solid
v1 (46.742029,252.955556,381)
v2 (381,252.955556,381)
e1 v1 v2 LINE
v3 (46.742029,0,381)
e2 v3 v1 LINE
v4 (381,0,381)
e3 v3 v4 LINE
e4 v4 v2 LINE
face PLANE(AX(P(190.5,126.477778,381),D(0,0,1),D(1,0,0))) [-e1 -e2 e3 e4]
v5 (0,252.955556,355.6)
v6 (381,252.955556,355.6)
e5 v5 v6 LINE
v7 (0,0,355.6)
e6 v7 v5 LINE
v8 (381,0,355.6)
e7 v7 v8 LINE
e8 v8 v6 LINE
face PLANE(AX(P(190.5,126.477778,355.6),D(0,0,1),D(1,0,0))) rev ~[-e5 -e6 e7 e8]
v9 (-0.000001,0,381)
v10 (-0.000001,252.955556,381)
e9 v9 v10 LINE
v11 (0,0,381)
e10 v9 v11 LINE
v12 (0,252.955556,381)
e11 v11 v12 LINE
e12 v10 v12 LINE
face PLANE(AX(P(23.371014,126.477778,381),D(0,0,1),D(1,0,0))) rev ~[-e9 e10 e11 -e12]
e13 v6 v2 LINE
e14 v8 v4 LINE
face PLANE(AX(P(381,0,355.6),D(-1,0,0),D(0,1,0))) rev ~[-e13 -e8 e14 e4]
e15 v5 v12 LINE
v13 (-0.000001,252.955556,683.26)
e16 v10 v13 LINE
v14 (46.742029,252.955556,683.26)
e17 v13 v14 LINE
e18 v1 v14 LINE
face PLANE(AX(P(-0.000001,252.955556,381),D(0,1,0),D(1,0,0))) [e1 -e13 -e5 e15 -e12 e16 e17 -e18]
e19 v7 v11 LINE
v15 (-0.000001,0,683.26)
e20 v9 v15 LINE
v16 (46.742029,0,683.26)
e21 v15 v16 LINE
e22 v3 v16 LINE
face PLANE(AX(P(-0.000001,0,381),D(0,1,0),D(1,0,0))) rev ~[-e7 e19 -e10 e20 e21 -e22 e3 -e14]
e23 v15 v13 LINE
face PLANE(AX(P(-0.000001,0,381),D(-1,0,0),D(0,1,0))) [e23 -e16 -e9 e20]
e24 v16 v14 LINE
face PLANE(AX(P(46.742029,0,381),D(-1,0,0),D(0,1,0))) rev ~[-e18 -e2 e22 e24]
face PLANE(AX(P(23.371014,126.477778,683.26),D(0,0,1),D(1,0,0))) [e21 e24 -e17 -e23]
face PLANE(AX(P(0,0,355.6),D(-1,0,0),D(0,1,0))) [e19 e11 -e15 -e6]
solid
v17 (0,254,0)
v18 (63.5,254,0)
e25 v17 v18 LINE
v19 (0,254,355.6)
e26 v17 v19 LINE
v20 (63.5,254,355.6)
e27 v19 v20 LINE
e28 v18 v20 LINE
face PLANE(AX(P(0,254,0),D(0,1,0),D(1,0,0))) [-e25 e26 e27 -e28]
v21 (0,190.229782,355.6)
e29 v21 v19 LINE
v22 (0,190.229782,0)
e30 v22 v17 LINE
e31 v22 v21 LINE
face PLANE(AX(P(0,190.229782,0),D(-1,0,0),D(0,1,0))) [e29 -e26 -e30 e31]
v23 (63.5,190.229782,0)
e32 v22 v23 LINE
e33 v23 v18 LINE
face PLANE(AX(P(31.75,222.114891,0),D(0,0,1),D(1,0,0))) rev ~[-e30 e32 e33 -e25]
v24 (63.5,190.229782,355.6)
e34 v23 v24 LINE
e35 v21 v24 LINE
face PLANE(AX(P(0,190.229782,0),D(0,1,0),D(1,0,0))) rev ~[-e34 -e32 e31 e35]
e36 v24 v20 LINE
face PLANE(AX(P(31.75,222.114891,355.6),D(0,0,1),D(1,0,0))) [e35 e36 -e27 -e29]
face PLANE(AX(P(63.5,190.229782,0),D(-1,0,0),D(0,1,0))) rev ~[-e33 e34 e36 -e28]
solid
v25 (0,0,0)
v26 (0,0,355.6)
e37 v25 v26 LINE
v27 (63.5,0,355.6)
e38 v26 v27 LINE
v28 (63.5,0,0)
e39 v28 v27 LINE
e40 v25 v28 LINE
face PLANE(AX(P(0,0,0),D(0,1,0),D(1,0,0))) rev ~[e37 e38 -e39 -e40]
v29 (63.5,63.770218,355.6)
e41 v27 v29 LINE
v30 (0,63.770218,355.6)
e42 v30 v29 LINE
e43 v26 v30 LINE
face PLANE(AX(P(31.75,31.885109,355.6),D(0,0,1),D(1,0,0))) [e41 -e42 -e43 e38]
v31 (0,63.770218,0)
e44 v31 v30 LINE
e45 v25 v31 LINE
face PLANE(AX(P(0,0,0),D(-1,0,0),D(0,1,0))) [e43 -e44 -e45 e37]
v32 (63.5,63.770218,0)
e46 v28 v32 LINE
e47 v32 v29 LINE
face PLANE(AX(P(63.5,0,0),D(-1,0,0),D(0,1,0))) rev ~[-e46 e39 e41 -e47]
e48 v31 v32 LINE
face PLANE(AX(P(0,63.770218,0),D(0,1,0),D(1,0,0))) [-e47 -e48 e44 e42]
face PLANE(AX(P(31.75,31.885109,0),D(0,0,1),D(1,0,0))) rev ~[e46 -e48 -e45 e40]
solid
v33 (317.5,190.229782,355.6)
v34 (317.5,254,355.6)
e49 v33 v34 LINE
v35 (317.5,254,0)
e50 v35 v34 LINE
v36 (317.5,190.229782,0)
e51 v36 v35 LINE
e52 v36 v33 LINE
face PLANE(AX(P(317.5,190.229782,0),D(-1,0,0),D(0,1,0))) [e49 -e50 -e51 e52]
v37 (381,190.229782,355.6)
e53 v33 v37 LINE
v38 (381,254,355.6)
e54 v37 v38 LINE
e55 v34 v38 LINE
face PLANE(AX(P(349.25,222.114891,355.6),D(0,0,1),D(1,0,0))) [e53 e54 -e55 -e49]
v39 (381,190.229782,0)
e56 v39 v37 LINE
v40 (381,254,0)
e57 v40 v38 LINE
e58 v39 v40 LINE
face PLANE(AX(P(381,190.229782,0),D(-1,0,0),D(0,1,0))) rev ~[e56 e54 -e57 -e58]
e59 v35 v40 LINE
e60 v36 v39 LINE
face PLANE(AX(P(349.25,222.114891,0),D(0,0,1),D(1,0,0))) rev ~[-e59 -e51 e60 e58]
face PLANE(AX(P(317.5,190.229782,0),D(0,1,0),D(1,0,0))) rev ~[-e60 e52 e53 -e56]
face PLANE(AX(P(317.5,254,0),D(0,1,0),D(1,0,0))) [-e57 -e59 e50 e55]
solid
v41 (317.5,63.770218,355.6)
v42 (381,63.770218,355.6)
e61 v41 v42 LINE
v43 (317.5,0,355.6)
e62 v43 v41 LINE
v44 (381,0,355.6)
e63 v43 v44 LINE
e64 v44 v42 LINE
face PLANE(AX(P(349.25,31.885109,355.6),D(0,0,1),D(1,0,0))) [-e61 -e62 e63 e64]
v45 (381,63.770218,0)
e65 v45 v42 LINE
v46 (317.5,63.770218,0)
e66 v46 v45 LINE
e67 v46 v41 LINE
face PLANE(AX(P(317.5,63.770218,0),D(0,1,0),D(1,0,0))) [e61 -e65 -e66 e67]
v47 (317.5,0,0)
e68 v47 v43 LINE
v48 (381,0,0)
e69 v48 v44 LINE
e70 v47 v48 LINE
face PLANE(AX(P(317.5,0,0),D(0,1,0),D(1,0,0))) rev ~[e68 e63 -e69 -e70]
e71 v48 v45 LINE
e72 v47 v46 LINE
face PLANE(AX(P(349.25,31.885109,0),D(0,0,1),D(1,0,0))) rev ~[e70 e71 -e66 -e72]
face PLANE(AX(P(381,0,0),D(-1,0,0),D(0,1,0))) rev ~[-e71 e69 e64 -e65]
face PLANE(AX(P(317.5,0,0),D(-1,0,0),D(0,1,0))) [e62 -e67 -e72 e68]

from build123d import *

# Parameters (mm, degrees)
F0_W     = 63.5
F0_H     = 63.770218
F1_DEPTH = 355.6
F2_W     = 381
F2_H     = 252.955556
F3_DEPTH = 25.4
F4_W     = 46.742029
F4_H     = 252.955556
F5_DEPTH = 302.26


with BuildPart() as f1:
    # F0 (on Top) → F1 (new body)
    with BuildSketch(Plane.XY):
        with Locations((349.25, 31.885109)):
            Rectangle(F0_W, F0_H)
        with Locations((31.75, 31.885109)):
            Rectangle(F0_W, F0_H)
        with Locations((31.75, 222.114891)):
            Rectangle(F0_W, F0_H)
        with Locations((349.25, 222.114891)):
            Rectangle(F0_W, F0_H)
    extrude(amount=F1_DEPTH)


with BuildPart() as f3:
    # F2 (on face) → F3 (new body)
    with BuildSketch(Plane.XY.offset(355.6)):
        with Locations((190.5, 126.477778)):
            Rectangle(F2_W, F2_H)
    extrude(amount=F3_DEPTH)

    # F4 (on face) → F5 (join)
    with BuildSketch(Plane.XY.offset(381)):
        with Locations((23.371014, 126.477778)):
            Rectangle(F4_W, F4_H)
    extrude(amount=F5_DEPTH)


solid = Compound([f1.part, f3.part])
